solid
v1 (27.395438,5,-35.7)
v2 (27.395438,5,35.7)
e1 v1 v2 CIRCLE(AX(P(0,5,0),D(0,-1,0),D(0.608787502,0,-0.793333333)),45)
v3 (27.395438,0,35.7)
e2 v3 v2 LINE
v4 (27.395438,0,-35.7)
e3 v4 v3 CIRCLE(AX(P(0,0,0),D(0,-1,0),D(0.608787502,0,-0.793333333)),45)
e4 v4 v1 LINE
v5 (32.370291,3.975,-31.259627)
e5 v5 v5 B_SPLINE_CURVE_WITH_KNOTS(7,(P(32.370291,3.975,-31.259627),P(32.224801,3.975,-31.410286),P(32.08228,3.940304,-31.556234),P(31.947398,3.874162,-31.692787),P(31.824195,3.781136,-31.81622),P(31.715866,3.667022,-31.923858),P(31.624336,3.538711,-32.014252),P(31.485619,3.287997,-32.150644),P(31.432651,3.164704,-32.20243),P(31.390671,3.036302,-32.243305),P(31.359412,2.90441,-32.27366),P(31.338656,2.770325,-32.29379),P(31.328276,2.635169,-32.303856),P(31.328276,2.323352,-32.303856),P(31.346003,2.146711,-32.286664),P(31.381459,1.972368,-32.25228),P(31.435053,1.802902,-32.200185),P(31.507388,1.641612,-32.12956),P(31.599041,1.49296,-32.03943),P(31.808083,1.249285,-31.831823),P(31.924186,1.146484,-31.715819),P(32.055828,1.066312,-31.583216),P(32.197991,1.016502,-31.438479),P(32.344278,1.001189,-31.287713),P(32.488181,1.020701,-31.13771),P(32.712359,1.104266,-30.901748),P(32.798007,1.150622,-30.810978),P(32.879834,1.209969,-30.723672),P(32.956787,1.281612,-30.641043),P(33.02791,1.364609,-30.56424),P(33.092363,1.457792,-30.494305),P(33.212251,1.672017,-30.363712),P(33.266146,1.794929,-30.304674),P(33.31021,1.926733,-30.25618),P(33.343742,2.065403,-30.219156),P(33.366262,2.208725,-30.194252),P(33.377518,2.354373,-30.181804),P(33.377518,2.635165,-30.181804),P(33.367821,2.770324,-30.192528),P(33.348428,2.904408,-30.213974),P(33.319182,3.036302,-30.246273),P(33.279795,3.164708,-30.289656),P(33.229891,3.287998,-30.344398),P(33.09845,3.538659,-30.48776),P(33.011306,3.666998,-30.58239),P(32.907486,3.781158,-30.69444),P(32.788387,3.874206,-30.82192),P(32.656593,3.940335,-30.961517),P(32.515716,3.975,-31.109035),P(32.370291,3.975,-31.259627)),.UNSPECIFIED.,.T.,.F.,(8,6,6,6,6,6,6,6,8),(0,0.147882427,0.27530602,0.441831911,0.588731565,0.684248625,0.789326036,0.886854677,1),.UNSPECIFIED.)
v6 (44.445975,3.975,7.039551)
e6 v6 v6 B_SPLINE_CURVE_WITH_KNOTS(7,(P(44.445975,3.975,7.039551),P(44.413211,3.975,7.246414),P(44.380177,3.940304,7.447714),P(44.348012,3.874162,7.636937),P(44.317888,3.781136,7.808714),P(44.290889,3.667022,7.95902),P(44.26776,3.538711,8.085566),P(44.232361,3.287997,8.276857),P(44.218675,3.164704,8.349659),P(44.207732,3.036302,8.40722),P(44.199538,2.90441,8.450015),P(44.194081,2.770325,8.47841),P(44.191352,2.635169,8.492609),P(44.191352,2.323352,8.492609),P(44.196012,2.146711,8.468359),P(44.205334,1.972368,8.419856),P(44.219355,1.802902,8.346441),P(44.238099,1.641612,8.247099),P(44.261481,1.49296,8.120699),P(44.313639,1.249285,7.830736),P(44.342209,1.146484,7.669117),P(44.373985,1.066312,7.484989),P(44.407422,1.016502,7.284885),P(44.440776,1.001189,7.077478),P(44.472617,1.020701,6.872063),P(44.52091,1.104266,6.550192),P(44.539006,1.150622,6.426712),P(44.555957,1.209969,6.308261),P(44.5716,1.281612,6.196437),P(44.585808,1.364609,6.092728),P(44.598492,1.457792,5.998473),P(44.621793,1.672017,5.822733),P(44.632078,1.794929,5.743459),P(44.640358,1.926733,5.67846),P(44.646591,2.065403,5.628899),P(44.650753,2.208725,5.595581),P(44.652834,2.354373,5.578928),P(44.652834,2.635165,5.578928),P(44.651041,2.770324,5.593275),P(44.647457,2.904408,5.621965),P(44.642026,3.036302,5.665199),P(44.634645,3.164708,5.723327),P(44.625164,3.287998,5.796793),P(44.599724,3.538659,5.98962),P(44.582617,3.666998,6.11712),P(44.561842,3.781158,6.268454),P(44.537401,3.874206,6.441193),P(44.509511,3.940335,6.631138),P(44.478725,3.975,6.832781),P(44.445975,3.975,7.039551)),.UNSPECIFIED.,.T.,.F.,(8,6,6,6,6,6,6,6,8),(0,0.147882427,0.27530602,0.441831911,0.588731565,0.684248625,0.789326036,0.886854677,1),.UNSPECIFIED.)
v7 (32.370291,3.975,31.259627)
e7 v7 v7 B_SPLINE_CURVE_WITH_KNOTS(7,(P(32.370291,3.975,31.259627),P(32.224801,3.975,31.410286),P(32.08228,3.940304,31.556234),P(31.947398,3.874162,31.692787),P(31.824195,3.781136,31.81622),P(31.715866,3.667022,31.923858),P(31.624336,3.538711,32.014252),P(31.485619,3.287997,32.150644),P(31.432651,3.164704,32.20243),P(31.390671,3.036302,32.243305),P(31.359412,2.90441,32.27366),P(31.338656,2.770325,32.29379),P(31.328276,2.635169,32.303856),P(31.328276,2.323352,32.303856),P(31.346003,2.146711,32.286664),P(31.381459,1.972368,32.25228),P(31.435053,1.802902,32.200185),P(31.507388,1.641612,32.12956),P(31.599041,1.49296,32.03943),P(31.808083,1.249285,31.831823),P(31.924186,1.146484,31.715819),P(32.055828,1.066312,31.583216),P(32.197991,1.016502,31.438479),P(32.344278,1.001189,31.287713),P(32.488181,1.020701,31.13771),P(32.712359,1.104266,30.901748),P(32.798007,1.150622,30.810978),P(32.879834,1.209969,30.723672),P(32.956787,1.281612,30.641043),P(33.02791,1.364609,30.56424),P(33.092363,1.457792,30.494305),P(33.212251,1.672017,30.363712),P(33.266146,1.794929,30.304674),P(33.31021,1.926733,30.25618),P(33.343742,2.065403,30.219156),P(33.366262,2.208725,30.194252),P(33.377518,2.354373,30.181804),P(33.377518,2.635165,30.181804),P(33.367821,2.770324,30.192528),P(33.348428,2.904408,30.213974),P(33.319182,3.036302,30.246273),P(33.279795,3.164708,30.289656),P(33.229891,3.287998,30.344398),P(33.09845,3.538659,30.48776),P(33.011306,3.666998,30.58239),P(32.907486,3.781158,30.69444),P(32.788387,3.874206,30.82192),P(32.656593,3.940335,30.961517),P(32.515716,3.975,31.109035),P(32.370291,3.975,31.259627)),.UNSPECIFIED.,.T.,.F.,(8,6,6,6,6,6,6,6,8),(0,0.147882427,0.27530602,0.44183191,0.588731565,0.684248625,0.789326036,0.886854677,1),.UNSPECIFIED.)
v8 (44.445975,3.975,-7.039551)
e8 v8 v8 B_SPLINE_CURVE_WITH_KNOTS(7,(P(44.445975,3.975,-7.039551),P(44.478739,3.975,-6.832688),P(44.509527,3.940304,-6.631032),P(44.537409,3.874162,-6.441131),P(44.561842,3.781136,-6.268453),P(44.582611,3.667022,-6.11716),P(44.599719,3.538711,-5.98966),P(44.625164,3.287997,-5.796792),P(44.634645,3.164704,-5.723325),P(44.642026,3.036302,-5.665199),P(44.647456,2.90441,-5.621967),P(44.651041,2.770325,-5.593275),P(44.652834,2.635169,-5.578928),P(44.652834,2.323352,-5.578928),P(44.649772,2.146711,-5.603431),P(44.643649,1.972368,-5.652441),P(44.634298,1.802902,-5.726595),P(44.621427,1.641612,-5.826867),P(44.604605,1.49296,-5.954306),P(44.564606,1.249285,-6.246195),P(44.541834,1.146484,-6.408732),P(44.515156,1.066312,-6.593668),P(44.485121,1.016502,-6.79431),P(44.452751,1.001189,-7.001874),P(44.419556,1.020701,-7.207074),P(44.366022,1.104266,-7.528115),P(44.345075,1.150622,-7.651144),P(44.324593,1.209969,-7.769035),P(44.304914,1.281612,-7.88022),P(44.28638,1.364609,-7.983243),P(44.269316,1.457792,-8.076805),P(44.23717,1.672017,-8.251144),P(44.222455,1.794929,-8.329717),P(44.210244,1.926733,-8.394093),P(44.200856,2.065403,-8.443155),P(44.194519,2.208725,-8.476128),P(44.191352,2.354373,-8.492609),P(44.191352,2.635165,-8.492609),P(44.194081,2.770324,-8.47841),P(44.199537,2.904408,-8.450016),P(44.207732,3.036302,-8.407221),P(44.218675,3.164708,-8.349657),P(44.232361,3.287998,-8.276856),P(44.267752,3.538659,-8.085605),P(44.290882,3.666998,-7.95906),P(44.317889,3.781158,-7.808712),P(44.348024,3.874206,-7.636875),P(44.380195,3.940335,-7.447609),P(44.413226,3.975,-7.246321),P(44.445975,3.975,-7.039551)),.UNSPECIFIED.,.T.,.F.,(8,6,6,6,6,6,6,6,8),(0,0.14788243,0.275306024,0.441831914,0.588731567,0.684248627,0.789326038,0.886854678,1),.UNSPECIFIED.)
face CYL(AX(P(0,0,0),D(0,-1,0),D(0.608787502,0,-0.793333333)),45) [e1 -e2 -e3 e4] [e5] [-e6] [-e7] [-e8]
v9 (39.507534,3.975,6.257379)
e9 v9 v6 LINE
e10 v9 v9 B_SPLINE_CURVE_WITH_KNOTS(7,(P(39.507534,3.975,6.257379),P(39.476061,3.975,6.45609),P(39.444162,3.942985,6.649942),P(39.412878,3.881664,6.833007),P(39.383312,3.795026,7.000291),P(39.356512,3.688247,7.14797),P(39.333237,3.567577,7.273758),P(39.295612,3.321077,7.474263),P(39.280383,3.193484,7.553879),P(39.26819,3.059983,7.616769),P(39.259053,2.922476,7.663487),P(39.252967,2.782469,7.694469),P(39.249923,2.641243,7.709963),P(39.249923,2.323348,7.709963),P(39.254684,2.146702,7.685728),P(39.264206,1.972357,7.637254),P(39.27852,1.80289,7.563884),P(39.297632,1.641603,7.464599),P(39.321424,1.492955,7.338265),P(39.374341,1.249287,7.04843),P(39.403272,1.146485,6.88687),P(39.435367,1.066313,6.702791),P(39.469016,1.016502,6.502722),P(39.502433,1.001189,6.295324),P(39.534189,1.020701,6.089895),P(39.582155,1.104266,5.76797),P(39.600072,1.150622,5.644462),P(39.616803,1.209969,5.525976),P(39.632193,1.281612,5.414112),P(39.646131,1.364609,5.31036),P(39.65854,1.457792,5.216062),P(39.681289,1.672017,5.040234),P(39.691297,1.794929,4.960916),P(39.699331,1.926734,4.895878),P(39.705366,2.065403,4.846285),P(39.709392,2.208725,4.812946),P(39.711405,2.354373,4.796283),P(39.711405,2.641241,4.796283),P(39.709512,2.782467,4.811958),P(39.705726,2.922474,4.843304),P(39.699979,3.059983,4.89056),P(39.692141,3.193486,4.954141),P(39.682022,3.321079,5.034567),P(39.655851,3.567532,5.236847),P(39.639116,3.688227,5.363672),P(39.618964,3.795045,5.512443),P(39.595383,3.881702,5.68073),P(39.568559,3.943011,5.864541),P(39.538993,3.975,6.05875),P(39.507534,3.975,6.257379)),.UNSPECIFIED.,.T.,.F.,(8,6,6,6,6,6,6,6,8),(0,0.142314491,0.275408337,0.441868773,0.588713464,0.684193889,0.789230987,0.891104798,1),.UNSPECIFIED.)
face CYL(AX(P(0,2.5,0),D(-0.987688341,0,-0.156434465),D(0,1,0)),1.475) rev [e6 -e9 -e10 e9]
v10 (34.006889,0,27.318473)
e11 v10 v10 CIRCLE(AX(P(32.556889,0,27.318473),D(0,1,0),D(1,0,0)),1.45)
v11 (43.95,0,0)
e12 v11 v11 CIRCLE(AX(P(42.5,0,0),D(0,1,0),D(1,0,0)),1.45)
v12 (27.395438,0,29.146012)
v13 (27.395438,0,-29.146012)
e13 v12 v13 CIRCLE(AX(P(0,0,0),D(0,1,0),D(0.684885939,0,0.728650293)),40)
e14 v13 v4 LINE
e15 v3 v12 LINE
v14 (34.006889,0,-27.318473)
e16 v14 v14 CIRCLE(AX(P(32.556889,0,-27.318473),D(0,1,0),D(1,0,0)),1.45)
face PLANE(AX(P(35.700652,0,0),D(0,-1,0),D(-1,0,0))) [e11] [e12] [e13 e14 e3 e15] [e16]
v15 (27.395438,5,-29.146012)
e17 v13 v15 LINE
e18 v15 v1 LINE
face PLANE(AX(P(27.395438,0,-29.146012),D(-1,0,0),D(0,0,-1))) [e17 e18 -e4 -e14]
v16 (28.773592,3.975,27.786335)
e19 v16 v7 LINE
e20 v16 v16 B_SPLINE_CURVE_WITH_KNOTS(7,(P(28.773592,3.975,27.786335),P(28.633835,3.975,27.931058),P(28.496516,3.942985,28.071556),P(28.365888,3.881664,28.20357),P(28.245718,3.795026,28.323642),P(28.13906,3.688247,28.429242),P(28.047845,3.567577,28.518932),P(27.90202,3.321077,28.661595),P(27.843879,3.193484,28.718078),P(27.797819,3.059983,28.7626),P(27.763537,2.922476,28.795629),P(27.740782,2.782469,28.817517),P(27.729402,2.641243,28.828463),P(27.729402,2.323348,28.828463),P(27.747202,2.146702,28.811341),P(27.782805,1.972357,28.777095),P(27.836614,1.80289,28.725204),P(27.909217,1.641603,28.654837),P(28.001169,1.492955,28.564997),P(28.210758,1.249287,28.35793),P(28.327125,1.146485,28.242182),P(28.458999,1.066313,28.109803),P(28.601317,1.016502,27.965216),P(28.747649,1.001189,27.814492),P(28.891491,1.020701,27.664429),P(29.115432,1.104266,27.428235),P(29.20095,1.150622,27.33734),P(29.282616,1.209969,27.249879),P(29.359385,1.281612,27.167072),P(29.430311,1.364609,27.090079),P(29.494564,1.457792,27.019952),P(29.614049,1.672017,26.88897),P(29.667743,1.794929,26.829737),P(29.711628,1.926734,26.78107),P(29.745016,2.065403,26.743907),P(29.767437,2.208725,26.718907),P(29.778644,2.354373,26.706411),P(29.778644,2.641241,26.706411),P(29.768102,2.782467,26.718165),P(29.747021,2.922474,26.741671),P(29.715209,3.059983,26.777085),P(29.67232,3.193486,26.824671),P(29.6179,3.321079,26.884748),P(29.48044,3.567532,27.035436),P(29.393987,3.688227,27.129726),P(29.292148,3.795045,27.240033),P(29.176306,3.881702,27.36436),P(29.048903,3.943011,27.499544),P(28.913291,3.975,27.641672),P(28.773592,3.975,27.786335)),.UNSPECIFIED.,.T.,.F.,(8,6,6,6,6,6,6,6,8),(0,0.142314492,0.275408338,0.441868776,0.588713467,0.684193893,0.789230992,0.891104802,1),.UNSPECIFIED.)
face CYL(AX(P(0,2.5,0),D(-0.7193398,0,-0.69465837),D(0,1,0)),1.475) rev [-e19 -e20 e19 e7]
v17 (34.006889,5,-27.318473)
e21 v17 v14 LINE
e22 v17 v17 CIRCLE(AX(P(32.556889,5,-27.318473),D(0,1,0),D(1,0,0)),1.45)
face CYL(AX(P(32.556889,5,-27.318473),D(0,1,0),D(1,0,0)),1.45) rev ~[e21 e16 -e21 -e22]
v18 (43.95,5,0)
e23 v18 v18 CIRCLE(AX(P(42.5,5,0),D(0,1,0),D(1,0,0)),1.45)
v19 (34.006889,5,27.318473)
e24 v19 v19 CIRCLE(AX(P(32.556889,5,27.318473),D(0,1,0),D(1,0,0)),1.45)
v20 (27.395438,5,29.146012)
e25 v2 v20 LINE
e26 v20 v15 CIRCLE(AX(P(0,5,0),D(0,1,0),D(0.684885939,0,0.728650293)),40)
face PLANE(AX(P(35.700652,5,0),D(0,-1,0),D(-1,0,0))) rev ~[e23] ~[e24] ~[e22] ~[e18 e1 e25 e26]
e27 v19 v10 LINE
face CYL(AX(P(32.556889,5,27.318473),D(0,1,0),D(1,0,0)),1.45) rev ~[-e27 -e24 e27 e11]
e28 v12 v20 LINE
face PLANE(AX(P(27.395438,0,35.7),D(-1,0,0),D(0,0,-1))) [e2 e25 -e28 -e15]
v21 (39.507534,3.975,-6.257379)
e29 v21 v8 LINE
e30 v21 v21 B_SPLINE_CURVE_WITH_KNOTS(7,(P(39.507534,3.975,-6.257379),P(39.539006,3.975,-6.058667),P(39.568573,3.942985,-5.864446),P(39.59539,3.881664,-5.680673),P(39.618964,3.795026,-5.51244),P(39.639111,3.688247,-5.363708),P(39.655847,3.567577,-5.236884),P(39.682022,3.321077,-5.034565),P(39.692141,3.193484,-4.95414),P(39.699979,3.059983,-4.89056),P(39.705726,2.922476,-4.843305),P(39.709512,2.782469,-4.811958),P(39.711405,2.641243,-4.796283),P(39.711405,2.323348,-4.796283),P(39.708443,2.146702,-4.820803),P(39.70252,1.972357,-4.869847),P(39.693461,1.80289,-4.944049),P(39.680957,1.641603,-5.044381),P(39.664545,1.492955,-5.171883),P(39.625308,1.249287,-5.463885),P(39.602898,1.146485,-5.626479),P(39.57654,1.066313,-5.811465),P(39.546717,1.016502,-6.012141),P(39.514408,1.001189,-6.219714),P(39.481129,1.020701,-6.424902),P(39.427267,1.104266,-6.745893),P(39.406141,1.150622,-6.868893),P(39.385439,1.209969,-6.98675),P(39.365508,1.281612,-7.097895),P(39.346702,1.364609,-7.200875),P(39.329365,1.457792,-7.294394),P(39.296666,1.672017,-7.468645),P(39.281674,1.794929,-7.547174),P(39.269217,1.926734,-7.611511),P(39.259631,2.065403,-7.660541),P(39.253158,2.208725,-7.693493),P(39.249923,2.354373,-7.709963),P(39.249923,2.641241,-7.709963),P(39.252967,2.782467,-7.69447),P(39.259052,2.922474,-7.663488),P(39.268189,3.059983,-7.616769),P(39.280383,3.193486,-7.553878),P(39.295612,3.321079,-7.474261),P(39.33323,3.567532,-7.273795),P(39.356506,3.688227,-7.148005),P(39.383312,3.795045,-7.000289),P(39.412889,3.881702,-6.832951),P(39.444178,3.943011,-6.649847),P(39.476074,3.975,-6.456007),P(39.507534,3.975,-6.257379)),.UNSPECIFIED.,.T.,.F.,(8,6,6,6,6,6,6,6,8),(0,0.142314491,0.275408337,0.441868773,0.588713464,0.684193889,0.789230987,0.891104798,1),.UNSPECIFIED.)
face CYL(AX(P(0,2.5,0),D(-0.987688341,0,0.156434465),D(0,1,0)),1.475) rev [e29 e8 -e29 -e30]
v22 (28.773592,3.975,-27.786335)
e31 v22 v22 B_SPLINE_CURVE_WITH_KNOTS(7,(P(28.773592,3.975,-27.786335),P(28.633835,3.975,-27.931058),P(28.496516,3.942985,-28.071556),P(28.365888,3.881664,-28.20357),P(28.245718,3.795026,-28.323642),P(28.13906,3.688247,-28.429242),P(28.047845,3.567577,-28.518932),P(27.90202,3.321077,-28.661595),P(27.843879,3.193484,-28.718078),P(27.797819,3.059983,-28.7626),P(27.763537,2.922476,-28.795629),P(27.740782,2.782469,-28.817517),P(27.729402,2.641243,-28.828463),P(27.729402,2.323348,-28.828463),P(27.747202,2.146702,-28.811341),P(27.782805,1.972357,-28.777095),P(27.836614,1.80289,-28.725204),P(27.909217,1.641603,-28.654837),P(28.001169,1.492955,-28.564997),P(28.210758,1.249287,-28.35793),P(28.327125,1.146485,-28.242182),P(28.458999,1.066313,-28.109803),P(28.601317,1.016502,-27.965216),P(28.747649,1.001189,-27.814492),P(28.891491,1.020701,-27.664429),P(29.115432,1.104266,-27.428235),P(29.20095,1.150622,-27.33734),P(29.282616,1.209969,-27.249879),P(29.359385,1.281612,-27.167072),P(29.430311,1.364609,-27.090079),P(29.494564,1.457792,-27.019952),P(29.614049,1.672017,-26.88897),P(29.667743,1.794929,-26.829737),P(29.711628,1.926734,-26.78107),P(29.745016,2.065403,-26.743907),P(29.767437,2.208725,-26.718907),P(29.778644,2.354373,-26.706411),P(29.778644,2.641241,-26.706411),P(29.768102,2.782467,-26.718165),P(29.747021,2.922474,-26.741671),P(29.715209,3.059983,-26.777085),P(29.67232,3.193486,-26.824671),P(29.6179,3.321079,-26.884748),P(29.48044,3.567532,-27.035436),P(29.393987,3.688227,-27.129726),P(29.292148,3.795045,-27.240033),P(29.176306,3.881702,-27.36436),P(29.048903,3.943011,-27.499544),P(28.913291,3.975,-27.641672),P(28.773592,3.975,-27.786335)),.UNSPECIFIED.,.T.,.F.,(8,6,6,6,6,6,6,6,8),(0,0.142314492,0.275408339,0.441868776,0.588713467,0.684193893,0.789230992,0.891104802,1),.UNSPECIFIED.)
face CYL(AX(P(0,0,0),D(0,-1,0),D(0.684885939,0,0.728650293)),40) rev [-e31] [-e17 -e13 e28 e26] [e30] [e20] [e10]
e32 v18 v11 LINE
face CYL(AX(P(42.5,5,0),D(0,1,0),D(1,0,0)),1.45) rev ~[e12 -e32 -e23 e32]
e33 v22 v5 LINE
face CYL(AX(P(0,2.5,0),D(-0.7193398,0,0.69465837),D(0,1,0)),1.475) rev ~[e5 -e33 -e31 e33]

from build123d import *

# Parameters (mm, degrees)
EXTRUDE_1_DEPTH          = 5
SKETCH_2_R               = 1.45
CUT_EXTRUDE_1_DEPTH      = 5
SKETCH_3_R               = 1.475
CUT_EXTRUDE_2_DEPTH      = 46
PATTERN_CIRCULAR_1_COUNT = 2
PATTERN_CIRCULAR_1_ANGLE = 35
MIRROR_1_COPY_1_SKETCH_R = 1.475
MIRROR_1_COPY_1_DEPTH    = 46


with BuildPart() as part:
    # Эскиз1 → Бобышка-Вытянуть1 (new body)
    with BuildSketch(Plane(origin=(0, 0, 0), x_dir=(1, 0, 0), z_dir=(0, 1, 0))):
        with BuildLine():
            Line((27.395437576, 29.146011734), (27.395437576, 35.7))
            ThreePointArc((27.395437576, 35.7), (45, 0), (27.395437576, -35.7))
            Line((27.395437576, -35.7), (27.395437576, -29.146011734))
            ThreePointArc((27.395437576, -29.146011734), (40, 0), (27.395437576, 29.146011734))
        make_face()
    extrude(amount=EXTRUDE_1_DEPTH)

    # Эскиз2 → Вырез-Вытянуть1 (cut)
    with BuildSketch(Plane(origin=(0, 5, 0), x_dir=(1, 0, 0), z_dir=(0, 1, 0))):
        with Locations((42.5, 0)):
            Circle(SKETCH_2_R)
        with Locations((32.556888833, 27.318473412)):
            Circle(SKETCH_2_R)
        with Locations((32.556888833, -27.318473412)):
            Circle(SKETCH_2_R)
    extrude(amount=-CUT_EXTRUDE_1_DEPTH, mode=Mode.SUBTRACT)

    # Эскиз3 → Вырез-Вытянуть2 (cut)
    with BuildSketch(Plane(origin=(0, 0, 0), x_dir=(0, 1, 0), z_dir=(0.7193398003386524, 0, 0.6946583704589961))):
        with Locations((2.5, 0)):
            Circle(SKETCH_3_R)
    cut_extrude_2 = extrude(amount=CUT_EXTRUDE_2_DEPTH, mode=Mode.SUBTRACT)

    # Круговой массив1: Вырез-Вытянуть2 ×2 about axis
    pattern_circular_1_axis = Axis((0, -0.25, 0), (0, 1, 0))
    for i in range(1, PATTERN_CIRCULAR_1_COUNT):
        add(cut_extrude_2.rotate(pattern_circular_1_axis, i * PATTERN_CIRCULAR_1_ANGLE / (PATTERN_CIRCULAR_1_COUNT - 1)), mode=Mode.SUBTRACT)

    # Зеркальное отражение1: Вырез-Вытянуть2 across plane
    add(cut_extrude_2.mirror(Plane.XY), mode=Mode.SUBTRACT)

    # Зеркальное отражение1 copy 1 sketch → Зеркальное отражение1 copy 1 (cut)
    with BuildSketch(Plane(origin=(0, 0, 0), x_dir=(0, 1, 0), z_dir=(0.9876883405951382, 0, -0.15643446504022812))):
        with Locations((2.5, 0)):
            Circle(MIRROR_1_COPY_1_SKETCH_R)
    extrude(amount=MIRROR_1_COPY_1_DEPTH, mode=Mode.SUBTRACT)


solid = part.part
